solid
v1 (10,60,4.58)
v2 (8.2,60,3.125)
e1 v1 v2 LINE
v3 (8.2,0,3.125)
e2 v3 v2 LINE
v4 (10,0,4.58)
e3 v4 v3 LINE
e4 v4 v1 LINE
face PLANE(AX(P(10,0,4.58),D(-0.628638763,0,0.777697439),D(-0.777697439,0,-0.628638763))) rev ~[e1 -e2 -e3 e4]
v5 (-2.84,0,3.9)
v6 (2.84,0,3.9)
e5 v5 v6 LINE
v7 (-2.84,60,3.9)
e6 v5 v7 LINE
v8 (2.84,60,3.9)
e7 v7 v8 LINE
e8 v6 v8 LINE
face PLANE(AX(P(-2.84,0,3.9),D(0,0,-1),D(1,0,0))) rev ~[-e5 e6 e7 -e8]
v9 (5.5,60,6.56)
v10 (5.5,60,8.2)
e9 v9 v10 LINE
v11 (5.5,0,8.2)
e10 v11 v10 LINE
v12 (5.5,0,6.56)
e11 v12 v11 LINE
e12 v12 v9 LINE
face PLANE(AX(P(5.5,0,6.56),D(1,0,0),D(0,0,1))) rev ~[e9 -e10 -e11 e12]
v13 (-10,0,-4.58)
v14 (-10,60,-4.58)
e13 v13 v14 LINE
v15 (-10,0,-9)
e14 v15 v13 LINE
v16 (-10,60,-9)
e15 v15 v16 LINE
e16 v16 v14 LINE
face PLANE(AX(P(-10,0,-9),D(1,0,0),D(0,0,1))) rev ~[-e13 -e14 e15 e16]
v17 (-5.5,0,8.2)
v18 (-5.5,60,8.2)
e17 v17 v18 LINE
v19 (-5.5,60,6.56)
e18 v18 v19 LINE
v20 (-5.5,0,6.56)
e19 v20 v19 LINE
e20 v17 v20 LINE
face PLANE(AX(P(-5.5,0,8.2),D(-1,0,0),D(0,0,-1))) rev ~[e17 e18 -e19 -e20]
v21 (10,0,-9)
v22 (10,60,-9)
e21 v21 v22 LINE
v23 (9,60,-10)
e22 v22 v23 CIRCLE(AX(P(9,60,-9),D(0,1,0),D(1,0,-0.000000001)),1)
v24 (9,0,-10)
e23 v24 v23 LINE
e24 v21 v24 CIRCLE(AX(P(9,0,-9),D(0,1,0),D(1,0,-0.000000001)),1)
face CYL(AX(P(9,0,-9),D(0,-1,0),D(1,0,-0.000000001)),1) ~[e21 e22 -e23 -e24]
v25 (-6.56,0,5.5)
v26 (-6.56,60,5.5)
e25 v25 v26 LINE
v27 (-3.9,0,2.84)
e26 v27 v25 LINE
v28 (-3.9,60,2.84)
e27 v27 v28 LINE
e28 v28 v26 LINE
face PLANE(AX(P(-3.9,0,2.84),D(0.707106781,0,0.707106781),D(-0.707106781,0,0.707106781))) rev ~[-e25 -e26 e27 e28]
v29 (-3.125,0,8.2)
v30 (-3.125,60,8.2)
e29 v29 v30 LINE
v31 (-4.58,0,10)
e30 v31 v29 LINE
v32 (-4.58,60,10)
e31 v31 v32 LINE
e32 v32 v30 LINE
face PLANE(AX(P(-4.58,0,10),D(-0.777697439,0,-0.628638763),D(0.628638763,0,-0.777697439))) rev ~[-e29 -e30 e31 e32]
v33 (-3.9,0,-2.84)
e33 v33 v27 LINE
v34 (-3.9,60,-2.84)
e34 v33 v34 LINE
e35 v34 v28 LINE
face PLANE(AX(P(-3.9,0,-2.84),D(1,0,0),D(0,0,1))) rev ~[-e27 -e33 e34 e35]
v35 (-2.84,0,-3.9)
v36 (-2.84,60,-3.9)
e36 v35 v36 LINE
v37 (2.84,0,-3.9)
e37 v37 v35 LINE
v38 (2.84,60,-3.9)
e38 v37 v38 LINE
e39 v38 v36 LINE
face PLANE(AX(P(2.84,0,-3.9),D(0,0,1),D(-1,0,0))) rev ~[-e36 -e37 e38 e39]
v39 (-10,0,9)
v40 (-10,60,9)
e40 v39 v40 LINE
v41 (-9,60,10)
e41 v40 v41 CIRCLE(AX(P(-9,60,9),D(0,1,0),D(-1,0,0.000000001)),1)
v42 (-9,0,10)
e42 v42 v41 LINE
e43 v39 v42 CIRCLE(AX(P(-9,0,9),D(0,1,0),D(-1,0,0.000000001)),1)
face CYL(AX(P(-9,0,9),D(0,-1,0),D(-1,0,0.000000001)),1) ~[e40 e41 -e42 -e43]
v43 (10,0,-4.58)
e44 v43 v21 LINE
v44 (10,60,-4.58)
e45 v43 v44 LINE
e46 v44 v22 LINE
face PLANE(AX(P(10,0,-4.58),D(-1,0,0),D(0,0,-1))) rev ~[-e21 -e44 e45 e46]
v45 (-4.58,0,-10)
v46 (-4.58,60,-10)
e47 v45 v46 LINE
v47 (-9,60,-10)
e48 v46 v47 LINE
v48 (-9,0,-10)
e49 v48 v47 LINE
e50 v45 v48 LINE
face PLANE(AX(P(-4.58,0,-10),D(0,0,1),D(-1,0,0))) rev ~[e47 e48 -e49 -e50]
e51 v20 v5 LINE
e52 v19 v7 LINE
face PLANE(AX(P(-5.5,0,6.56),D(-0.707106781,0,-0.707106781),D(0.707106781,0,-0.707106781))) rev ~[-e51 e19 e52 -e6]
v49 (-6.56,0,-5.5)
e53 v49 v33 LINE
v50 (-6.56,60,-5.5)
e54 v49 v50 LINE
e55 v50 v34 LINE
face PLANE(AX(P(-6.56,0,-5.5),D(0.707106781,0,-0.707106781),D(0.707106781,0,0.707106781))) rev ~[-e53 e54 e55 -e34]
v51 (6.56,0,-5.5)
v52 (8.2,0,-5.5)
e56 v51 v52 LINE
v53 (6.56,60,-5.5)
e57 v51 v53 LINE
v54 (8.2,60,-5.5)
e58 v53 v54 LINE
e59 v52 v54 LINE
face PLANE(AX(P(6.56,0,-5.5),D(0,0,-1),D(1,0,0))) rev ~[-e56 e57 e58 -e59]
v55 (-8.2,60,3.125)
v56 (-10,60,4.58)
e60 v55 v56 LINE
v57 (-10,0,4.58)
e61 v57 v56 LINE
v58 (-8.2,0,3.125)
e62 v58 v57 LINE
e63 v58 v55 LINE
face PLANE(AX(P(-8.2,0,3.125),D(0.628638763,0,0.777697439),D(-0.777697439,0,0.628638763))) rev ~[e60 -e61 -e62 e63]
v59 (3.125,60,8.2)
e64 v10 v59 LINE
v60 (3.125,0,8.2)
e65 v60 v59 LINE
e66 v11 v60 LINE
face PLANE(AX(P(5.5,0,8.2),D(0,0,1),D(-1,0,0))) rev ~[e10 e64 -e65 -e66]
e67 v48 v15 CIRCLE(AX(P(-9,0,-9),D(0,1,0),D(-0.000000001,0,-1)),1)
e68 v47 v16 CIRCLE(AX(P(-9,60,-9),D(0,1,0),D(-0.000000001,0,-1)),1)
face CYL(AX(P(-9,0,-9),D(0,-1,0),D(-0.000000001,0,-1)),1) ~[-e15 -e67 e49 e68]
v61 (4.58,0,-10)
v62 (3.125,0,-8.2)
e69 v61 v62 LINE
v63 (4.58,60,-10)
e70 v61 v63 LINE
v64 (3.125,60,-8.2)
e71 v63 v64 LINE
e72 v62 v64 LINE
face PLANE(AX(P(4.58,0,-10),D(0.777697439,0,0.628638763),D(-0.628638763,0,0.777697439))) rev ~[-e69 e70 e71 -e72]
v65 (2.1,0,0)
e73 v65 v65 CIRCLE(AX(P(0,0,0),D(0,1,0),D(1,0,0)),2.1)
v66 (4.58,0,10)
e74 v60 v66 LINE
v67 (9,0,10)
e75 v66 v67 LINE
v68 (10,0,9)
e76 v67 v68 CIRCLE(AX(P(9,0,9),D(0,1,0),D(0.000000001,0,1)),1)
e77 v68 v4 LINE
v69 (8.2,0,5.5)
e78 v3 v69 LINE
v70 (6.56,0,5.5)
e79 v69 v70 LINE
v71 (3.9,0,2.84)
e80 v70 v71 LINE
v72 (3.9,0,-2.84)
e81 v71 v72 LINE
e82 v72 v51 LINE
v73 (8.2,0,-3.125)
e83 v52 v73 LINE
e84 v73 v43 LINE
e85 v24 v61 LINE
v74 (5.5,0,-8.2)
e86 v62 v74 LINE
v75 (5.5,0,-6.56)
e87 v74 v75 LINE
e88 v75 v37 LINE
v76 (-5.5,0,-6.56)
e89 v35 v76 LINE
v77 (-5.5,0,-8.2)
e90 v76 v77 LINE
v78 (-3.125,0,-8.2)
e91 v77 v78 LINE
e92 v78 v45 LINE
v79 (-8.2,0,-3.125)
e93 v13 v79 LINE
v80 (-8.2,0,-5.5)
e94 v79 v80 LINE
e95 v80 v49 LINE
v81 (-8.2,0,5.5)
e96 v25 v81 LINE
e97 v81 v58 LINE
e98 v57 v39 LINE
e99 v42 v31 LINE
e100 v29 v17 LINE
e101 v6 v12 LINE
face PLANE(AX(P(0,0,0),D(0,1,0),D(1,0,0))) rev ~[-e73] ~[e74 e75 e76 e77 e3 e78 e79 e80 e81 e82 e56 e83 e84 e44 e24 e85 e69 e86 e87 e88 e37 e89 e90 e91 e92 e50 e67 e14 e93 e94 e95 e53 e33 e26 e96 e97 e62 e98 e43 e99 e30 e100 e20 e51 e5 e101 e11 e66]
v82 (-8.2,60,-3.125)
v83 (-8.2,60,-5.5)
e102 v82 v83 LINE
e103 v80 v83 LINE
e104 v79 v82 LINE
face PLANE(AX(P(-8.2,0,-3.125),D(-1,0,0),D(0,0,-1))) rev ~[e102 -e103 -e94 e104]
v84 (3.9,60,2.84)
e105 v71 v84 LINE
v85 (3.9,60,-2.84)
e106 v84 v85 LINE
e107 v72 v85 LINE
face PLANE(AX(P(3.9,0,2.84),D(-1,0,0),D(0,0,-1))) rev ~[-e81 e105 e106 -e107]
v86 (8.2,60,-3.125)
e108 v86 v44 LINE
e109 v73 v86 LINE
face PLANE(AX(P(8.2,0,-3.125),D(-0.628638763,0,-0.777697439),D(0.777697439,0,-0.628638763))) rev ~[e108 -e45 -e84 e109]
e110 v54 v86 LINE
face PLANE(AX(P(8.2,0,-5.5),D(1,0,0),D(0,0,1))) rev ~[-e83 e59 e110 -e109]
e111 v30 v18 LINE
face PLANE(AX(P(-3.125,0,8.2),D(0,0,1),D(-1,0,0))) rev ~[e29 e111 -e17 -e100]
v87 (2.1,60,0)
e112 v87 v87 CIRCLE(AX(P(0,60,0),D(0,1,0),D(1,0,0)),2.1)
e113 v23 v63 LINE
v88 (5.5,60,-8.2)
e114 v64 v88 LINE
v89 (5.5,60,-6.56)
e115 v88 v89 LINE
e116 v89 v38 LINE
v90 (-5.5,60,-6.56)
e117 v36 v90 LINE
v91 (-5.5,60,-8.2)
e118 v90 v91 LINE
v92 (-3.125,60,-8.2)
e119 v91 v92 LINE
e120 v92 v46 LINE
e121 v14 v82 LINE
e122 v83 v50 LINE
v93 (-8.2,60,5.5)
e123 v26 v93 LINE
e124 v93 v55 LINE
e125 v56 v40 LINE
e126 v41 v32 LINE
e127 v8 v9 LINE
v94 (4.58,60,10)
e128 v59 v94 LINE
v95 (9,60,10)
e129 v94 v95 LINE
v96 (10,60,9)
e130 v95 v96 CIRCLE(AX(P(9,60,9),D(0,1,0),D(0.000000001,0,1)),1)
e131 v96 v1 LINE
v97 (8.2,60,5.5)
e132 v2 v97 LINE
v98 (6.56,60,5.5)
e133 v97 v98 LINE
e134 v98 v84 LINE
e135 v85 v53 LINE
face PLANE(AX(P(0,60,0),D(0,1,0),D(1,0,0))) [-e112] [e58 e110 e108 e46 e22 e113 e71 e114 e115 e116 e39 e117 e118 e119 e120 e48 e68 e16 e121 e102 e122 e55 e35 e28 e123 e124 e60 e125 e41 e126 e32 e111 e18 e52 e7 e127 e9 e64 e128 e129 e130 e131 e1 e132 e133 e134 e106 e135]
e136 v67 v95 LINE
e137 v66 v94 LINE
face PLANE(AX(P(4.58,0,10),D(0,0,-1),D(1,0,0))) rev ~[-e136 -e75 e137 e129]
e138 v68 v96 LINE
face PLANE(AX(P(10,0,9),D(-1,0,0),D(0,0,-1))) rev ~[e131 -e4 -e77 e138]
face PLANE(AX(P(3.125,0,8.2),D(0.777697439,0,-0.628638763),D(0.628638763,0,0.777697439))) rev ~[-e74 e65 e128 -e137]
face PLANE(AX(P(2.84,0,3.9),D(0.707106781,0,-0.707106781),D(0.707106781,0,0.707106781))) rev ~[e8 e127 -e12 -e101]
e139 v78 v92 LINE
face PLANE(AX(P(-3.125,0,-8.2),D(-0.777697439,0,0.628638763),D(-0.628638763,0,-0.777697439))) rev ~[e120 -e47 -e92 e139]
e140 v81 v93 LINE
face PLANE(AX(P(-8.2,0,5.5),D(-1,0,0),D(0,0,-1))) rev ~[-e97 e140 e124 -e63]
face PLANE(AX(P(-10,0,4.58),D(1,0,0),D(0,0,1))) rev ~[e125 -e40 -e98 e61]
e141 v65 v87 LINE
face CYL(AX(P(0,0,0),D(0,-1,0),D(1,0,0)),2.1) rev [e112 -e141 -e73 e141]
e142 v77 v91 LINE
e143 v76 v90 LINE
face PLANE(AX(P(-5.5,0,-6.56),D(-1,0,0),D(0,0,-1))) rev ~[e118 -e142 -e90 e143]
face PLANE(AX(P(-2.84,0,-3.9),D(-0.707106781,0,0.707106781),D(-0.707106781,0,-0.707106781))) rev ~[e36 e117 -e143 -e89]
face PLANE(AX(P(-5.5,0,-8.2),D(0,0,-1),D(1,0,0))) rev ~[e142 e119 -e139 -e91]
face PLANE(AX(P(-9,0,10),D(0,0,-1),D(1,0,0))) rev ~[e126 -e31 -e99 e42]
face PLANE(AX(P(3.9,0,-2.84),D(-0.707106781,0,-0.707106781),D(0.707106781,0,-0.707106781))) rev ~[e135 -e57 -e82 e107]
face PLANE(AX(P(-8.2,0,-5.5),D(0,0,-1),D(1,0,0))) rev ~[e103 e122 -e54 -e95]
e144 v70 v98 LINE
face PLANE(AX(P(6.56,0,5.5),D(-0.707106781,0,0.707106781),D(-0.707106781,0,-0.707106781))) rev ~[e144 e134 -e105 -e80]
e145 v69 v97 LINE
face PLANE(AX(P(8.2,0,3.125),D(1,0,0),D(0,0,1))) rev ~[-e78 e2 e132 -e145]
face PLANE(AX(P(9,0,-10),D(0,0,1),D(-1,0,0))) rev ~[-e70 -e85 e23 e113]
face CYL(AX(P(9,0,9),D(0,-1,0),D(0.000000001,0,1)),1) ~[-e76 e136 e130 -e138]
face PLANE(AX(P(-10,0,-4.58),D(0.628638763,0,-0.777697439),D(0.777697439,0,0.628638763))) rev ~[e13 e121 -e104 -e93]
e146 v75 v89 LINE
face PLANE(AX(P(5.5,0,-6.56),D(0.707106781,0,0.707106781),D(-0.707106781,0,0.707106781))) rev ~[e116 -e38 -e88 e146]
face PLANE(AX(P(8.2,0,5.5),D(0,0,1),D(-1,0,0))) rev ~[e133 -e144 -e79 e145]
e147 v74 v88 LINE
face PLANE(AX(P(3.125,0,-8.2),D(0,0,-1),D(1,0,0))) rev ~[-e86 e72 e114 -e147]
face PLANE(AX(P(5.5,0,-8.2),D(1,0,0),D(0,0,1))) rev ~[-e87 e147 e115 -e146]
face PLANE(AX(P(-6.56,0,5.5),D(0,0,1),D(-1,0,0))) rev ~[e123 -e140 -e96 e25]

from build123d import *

# Parameters (mm, degrees)
SKETCH1_R           = 2.1
BOSS_EXTRUDE1_DEPTH = 60


with BuildPart() as part:
    # Sketch1 → Boss-Extrude1 (new body)
    with BuildSketch(Plane(origin=(0, 0, 0), x_dir=(1, 0, 0), z_dir=(0, 1, 0))):
        with BuildLine():
            Line((-5.5, 8.2), (-3.125, 8.2))
            Line((-3.125, 8.2), (-4.58, 10))
            Line((-4.58, 10), (-9, 10))
            ThreePointArc((-9, 10), (-9.707106781, 9.707106781), (-10, 9))
            Line((-10, 9), (-10, 4.58))
            Line((-10, 4.58), (-8.2, 3.125))
            Line((-8.2, 3.125), (-8.2, 5.5))
            Line((-8.2, 5.5), (-6.56, 5.5))
            Line((-6.56, 5.5), (-3.9, 2.84))
            Line((-3.9, 2.84), (-3.9, -2.84))
            Line((-3.9, -2.84), (-6.56, -5.5))
            Line((-6.56, -5.5), (-8.2, -5.5))
            Line((-8.2, -5.5), (-8.2, -3.125))
            Line((-8.2, -3.125), (-10, -4.58))
            Line((-10, -4.58), (-10, -9))
            ThreePointArc((-10, -9), (-9.707106781, -9.707106781), (-9, -10))
            Line((-9, -10), (-4.58, -10))
            Line((-4.58, -10), (-3.125, -8.2))
            Line((-3.125, -8.2), (-5.5, -8.2))
            Line((-5.5, -8.2), (-5.5, -6.56))
            Line((-5.5, -6.56), (-2.84, -3.9))
            Line((-2.84, -3.9), (2.84, -3.9))
            Line((2.84, -3.9), (5.5, -6.56))
            Line((5.5, -6.56), (5.5, -8.2))
            Line((5.5, -8.2), (3.125, -8.2))
            Line((3.125, -8.2), (4.58, -10))
            Line((4.58, -10), (9, -10))
            ThreePointArc((9, -10), (9.707106781, -9.707106781), (10, -9))
            Line((10, -9), (10, -4.58))
            Line((10, -4.58), (8.2, -3.125))
            Line((8.2, -3.125), (8.2, -5.5))
            Line((8.2, -5.5), (6.56, -5.5))
            Line((6.56, -5.5), (3.9, -2.84))
            Line((3.9, -2.84), (3.9, 2.84))
            Line((3.9, 2.84), (6.56, 5.5))
            Line((6.56, 5.5), (8.2, 5.5))
            Line((8.2, 5.5), (8.2, 3.125))
            Line((8.2, 3.125), (10, 4.58))
            Line((10, 4.58), (10, 9))
            ThreePointArc((10, 9), (9.707106781, 9.707106781), (9, 10))
            Line((9, 10), (4.58, 10))
            Line((4.58, 10), (3.125, 8.2))
            Line((3.125, 8.2), (5.5, 8.2))
            Line((5.5, 8.2), (5.5, 6.56))
            Line((5.5, 6.56), (2.84, 3.9))
            Line((2.84, 3.9), (-2.84, 3.9))
            Line((-2.84, 3.9), (-5.5, 6.56))
            Line((-5.5, 6.56), (-5.5, 8.2))
        make_face()
        Circle(SKETCH1_R, mode=Mode.SUBTRACT)
    extrude(amount=BOSS_EXTRUDE1_DEPTH)


solid = part.part
